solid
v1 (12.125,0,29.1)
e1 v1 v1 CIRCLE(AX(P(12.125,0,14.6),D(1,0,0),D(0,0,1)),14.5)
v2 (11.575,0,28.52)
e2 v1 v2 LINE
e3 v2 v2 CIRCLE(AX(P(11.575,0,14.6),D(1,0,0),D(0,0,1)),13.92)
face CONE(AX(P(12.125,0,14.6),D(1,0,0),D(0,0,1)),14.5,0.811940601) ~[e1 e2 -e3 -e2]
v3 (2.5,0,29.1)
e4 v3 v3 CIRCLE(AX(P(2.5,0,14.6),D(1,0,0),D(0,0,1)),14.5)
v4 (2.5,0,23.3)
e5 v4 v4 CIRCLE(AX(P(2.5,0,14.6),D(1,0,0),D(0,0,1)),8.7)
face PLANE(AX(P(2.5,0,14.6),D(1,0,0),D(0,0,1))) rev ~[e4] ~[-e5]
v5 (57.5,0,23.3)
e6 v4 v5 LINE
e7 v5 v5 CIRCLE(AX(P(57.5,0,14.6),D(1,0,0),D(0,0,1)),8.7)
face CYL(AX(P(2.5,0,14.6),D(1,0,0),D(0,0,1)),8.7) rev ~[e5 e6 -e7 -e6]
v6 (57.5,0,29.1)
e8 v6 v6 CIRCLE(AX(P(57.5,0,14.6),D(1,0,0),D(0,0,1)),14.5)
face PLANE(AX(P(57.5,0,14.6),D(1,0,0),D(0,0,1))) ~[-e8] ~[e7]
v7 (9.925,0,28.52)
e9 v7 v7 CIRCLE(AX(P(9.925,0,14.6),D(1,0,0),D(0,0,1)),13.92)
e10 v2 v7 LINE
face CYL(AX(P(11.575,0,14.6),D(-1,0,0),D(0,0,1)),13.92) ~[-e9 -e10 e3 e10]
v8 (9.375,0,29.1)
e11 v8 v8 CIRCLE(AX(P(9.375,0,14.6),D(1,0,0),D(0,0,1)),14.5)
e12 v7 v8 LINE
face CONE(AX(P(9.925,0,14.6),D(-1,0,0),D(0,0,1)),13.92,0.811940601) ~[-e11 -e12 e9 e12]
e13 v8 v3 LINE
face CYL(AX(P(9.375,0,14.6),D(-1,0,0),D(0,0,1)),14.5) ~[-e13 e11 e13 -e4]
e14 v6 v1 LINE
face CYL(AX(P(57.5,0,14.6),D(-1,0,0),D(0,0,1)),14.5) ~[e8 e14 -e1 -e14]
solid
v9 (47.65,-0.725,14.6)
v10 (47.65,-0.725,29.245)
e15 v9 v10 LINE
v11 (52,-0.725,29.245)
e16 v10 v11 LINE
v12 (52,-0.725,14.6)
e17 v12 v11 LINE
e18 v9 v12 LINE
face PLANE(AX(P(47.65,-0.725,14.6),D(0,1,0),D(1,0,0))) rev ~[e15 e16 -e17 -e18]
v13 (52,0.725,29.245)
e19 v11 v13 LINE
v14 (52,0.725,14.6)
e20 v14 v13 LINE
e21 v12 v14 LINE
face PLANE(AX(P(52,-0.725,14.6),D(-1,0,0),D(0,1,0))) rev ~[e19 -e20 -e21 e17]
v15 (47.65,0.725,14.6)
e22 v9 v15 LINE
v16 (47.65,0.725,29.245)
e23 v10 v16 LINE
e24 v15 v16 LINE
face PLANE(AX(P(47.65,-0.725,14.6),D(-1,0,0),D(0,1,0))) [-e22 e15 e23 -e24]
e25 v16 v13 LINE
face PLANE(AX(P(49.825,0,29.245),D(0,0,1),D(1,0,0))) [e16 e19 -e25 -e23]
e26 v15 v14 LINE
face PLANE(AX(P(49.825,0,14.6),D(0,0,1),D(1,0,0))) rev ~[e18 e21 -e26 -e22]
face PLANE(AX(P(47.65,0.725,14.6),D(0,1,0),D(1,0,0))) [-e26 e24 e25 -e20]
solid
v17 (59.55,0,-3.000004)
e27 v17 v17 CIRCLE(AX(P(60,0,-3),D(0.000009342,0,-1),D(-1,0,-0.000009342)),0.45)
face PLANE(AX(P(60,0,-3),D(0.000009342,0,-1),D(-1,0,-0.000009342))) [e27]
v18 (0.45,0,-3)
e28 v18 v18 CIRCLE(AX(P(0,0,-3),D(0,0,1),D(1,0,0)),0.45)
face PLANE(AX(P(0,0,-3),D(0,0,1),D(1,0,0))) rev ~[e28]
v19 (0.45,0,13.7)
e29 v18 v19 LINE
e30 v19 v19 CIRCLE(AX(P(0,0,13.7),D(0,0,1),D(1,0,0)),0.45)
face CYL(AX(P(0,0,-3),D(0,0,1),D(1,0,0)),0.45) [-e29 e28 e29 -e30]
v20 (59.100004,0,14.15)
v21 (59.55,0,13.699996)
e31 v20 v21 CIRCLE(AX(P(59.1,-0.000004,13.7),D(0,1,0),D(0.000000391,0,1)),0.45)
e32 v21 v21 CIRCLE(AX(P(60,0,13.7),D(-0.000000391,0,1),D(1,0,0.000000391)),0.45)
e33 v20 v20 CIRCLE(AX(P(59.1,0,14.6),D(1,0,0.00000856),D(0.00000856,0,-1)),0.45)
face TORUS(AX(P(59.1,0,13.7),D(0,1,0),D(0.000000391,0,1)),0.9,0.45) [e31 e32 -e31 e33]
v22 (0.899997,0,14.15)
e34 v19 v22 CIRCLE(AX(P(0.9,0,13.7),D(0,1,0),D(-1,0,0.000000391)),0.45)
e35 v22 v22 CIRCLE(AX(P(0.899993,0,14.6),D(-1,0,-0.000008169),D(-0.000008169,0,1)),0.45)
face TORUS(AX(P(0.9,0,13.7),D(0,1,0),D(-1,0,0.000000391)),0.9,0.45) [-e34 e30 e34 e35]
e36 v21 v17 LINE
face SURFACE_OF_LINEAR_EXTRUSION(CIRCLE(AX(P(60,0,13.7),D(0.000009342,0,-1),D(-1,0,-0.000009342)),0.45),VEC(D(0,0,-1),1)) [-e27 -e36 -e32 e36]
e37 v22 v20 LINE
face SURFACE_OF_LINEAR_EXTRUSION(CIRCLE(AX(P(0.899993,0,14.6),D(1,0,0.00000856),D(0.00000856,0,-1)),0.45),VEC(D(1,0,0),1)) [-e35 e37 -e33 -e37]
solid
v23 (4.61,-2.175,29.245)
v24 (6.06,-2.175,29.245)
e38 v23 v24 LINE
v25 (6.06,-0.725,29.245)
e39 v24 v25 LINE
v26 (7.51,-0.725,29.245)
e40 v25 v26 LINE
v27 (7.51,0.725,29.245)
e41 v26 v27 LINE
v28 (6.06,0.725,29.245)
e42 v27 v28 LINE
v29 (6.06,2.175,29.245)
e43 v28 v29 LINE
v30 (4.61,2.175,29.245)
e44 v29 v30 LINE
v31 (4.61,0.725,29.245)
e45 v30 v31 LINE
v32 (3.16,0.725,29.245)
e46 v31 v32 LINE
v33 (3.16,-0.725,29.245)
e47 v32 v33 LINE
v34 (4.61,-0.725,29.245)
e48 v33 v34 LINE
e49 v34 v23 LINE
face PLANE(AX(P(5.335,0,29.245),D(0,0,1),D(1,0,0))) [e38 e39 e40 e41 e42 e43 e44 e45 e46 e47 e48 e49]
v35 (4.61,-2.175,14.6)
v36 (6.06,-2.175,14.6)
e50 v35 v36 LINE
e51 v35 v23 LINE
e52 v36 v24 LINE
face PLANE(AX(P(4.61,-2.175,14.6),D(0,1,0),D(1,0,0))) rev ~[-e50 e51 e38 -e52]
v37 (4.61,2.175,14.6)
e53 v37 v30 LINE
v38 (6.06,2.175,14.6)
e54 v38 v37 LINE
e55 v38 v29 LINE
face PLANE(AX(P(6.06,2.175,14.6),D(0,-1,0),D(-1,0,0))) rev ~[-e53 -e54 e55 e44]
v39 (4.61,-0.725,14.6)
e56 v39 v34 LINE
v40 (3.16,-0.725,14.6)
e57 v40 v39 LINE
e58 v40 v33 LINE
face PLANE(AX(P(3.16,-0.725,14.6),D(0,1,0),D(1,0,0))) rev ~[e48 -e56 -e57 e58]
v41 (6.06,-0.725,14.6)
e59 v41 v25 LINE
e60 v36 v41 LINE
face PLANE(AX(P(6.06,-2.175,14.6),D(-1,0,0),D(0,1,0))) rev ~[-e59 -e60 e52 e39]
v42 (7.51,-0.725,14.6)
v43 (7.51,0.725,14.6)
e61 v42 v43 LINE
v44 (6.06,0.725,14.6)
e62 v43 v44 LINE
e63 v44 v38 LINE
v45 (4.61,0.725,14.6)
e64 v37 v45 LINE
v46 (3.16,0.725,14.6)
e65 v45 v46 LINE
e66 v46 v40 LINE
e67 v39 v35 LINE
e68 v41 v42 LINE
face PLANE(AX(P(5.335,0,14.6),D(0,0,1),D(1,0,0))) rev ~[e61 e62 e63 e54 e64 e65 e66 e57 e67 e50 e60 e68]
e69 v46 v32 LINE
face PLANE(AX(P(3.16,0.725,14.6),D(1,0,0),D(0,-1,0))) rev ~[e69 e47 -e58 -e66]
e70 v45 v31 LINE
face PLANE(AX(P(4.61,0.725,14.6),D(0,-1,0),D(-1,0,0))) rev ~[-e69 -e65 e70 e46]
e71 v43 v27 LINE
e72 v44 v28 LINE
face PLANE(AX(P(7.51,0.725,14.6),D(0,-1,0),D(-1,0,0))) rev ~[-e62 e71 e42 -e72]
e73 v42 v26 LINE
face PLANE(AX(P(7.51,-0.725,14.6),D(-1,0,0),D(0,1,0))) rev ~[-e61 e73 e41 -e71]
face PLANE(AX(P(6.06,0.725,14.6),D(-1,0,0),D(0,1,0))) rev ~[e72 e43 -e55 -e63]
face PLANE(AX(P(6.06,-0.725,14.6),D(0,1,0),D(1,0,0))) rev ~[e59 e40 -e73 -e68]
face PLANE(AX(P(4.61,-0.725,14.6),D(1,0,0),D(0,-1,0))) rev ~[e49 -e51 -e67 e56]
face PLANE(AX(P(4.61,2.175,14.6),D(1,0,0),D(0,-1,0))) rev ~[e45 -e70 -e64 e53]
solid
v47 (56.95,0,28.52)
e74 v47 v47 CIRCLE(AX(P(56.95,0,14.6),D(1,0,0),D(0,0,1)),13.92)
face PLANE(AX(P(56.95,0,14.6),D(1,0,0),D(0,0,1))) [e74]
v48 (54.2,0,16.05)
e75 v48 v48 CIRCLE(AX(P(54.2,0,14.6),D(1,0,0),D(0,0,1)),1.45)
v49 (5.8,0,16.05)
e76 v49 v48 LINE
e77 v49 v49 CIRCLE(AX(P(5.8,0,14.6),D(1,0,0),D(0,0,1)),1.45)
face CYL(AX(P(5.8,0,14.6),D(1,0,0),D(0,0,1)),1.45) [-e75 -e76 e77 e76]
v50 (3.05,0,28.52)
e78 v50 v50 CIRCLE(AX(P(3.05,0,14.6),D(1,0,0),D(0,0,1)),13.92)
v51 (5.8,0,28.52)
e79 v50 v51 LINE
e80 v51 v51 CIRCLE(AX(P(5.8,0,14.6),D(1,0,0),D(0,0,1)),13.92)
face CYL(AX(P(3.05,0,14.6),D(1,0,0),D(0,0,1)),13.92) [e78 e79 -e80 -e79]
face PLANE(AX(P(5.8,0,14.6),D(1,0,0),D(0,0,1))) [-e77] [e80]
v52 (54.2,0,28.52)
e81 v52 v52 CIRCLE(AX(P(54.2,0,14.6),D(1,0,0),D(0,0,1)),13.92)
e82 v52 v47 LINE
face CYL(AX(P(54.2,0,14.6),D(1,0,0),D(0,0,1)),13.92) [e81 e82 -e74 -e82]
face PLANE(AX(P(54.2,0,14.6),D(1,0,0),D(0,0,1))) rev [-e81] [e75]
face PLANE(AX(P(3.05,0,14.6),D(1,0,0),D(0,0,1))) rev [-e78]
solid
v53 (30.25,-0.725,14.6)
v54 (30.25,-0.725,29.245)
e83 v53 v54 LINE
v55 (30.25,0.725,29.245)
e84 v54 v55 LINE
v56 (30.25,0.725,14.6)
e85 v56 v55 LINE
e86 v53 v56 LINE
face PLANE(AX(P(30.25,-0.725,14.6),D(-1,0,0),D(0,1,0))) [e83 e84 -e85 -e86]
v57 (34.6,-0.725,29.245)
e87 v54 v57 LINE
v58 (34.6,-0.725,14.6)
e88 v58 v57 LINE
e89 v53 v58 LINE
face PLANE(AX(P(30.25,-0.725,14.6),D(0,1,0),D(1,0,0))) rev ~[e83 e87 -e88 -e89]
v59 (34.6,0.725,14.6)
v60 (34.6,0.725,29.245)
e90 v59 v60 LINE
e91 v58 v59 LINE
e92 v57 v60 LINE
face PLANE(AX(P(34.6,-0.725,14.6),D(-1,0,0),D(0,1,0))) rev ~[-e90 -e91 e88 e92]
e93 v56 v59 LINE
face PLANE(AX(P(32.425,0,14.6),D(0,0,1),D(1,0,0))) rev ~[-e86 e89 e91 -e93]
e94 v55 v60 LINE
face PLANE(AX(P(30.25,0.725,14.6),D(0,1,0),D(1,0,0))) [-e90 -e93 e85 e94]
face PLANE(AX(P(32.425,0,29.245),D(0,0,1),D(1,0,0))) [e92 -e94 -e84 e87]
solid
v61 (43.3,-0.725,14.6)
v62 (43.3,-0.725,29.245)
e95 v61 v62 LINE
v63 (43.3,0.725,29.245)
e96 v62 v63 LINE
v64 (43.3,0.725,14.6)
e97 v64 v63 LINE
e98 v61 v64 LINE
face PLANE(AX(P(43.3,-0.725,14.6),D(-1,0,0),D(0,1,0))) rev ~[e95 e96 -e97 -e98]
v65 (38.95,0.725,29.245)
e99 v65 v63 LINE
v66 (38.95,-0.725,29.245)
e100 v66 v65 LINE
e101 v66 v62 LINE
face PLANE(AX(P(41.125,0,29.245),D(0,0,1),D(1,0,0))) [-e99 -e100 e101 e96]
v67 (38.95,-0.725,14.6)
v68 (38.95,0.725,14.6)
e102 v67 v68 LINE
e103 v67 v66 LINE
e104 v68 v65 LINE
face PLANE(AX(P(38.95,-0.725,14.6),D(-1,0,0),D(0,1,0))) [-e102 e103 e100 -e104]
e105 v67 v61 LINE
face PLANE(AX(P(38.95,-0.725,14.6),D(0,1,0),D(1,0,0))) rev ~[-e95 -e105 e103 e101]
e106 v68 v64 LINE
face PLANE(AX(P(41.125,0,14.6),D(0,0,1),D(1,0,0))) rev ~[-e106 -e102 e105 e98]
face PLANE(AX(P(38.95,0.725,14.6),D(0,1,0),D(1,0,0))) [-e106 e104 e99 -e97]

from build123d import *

# Parameters (mm, degrees)
SKETCH_R    = 0.45
SKETCH004_W = 4.35
SKETCH004_H = 1.45
PAD_DEPTH   = 14.645


with BuildPart() as sweep_body:
    # Sweep: sweep along a path in Sketch001
    with BuildLine(Plane.XZ) as sweep_path:
        Line((0, -3), (0, 13.7))
        ThreePointArc((0, 13.7), (0.263601, 14.336393), (0.899993, 14.6))
        Line((0.899993, 14.6), (59.1, 14.6))
        ThreePointArc((59.1, 14.6), (59.736396, 14.336396), (60, 13.7))
        Line((60, 13.7), (60, -3))
    # Sketch → Sweep (sweep)
    with BuildSketch(Plane.XY.offset(-2)):
        Circle(SKETCH_R)
    sweep(path=sweep_path.line)


with BuildPart() as revolution:
    # Sketch002 → Revolution (revolve)
    with BuildSketch(Plane.XZ):
        Polygon((2.5, 29.1), (2.5, 23.3), (57.5, 23.3), (57.5, 29.1), (12.125, 29.1), (11.575, 28.52), (9.925, 28.52), (9.375, 29.1), align=None)
    revolve(axis=Axis((6.97588, 0, 14.6), (1, 0, 0)))


with BuildPart() as revolution001:
    # Sketch003 → Revolution001 (revolve)
    with BuildSketch(Plane.XZ):
        Polygon((3.05, 28.52), (5.8, 28.52), (5.8, 16.05), (54.2, 16.05), (54.2, 28.52), (56.95, 28.52), (56.95, 14.6), (3.05, 14.6), align=None)
    revolve(axis=Axis((6.97588, 0, 14.6), (1, 0, 0)))


with BuildPart() as pad:
    # Sketch004 → Pad (new body)
    with BuildSketch(Plane.XY.offset(14.6)):
        with Locations((49.825, 0)):
            Rectangle(SKETCH004_W, SKETCH004_H)
        with Locations((41.125, 0)):
            Rectangle(SKETCH004_W, SKETCH004_H)
        with Locations((32.425, 0)):
            Rectangle(SKETCH004_W, SKETCH004_H)
        Polygon((4.61, 0.725), (3.16, 0.725), (3.16, -0.725), (4.61, -0.725), (4.61, -2.175), (6.06, -2.175), (6.06, -0.725), (7.51, -0.725), (7.51, 0.725), (6.06, 0.725), (6.06, 2.175), (4.61, 2.175), align=None)
    extrude(amount=PAD_DEPTH)


solid = Compound([sweep_body.part, revolution.part, revolution001.part, pad.part])
